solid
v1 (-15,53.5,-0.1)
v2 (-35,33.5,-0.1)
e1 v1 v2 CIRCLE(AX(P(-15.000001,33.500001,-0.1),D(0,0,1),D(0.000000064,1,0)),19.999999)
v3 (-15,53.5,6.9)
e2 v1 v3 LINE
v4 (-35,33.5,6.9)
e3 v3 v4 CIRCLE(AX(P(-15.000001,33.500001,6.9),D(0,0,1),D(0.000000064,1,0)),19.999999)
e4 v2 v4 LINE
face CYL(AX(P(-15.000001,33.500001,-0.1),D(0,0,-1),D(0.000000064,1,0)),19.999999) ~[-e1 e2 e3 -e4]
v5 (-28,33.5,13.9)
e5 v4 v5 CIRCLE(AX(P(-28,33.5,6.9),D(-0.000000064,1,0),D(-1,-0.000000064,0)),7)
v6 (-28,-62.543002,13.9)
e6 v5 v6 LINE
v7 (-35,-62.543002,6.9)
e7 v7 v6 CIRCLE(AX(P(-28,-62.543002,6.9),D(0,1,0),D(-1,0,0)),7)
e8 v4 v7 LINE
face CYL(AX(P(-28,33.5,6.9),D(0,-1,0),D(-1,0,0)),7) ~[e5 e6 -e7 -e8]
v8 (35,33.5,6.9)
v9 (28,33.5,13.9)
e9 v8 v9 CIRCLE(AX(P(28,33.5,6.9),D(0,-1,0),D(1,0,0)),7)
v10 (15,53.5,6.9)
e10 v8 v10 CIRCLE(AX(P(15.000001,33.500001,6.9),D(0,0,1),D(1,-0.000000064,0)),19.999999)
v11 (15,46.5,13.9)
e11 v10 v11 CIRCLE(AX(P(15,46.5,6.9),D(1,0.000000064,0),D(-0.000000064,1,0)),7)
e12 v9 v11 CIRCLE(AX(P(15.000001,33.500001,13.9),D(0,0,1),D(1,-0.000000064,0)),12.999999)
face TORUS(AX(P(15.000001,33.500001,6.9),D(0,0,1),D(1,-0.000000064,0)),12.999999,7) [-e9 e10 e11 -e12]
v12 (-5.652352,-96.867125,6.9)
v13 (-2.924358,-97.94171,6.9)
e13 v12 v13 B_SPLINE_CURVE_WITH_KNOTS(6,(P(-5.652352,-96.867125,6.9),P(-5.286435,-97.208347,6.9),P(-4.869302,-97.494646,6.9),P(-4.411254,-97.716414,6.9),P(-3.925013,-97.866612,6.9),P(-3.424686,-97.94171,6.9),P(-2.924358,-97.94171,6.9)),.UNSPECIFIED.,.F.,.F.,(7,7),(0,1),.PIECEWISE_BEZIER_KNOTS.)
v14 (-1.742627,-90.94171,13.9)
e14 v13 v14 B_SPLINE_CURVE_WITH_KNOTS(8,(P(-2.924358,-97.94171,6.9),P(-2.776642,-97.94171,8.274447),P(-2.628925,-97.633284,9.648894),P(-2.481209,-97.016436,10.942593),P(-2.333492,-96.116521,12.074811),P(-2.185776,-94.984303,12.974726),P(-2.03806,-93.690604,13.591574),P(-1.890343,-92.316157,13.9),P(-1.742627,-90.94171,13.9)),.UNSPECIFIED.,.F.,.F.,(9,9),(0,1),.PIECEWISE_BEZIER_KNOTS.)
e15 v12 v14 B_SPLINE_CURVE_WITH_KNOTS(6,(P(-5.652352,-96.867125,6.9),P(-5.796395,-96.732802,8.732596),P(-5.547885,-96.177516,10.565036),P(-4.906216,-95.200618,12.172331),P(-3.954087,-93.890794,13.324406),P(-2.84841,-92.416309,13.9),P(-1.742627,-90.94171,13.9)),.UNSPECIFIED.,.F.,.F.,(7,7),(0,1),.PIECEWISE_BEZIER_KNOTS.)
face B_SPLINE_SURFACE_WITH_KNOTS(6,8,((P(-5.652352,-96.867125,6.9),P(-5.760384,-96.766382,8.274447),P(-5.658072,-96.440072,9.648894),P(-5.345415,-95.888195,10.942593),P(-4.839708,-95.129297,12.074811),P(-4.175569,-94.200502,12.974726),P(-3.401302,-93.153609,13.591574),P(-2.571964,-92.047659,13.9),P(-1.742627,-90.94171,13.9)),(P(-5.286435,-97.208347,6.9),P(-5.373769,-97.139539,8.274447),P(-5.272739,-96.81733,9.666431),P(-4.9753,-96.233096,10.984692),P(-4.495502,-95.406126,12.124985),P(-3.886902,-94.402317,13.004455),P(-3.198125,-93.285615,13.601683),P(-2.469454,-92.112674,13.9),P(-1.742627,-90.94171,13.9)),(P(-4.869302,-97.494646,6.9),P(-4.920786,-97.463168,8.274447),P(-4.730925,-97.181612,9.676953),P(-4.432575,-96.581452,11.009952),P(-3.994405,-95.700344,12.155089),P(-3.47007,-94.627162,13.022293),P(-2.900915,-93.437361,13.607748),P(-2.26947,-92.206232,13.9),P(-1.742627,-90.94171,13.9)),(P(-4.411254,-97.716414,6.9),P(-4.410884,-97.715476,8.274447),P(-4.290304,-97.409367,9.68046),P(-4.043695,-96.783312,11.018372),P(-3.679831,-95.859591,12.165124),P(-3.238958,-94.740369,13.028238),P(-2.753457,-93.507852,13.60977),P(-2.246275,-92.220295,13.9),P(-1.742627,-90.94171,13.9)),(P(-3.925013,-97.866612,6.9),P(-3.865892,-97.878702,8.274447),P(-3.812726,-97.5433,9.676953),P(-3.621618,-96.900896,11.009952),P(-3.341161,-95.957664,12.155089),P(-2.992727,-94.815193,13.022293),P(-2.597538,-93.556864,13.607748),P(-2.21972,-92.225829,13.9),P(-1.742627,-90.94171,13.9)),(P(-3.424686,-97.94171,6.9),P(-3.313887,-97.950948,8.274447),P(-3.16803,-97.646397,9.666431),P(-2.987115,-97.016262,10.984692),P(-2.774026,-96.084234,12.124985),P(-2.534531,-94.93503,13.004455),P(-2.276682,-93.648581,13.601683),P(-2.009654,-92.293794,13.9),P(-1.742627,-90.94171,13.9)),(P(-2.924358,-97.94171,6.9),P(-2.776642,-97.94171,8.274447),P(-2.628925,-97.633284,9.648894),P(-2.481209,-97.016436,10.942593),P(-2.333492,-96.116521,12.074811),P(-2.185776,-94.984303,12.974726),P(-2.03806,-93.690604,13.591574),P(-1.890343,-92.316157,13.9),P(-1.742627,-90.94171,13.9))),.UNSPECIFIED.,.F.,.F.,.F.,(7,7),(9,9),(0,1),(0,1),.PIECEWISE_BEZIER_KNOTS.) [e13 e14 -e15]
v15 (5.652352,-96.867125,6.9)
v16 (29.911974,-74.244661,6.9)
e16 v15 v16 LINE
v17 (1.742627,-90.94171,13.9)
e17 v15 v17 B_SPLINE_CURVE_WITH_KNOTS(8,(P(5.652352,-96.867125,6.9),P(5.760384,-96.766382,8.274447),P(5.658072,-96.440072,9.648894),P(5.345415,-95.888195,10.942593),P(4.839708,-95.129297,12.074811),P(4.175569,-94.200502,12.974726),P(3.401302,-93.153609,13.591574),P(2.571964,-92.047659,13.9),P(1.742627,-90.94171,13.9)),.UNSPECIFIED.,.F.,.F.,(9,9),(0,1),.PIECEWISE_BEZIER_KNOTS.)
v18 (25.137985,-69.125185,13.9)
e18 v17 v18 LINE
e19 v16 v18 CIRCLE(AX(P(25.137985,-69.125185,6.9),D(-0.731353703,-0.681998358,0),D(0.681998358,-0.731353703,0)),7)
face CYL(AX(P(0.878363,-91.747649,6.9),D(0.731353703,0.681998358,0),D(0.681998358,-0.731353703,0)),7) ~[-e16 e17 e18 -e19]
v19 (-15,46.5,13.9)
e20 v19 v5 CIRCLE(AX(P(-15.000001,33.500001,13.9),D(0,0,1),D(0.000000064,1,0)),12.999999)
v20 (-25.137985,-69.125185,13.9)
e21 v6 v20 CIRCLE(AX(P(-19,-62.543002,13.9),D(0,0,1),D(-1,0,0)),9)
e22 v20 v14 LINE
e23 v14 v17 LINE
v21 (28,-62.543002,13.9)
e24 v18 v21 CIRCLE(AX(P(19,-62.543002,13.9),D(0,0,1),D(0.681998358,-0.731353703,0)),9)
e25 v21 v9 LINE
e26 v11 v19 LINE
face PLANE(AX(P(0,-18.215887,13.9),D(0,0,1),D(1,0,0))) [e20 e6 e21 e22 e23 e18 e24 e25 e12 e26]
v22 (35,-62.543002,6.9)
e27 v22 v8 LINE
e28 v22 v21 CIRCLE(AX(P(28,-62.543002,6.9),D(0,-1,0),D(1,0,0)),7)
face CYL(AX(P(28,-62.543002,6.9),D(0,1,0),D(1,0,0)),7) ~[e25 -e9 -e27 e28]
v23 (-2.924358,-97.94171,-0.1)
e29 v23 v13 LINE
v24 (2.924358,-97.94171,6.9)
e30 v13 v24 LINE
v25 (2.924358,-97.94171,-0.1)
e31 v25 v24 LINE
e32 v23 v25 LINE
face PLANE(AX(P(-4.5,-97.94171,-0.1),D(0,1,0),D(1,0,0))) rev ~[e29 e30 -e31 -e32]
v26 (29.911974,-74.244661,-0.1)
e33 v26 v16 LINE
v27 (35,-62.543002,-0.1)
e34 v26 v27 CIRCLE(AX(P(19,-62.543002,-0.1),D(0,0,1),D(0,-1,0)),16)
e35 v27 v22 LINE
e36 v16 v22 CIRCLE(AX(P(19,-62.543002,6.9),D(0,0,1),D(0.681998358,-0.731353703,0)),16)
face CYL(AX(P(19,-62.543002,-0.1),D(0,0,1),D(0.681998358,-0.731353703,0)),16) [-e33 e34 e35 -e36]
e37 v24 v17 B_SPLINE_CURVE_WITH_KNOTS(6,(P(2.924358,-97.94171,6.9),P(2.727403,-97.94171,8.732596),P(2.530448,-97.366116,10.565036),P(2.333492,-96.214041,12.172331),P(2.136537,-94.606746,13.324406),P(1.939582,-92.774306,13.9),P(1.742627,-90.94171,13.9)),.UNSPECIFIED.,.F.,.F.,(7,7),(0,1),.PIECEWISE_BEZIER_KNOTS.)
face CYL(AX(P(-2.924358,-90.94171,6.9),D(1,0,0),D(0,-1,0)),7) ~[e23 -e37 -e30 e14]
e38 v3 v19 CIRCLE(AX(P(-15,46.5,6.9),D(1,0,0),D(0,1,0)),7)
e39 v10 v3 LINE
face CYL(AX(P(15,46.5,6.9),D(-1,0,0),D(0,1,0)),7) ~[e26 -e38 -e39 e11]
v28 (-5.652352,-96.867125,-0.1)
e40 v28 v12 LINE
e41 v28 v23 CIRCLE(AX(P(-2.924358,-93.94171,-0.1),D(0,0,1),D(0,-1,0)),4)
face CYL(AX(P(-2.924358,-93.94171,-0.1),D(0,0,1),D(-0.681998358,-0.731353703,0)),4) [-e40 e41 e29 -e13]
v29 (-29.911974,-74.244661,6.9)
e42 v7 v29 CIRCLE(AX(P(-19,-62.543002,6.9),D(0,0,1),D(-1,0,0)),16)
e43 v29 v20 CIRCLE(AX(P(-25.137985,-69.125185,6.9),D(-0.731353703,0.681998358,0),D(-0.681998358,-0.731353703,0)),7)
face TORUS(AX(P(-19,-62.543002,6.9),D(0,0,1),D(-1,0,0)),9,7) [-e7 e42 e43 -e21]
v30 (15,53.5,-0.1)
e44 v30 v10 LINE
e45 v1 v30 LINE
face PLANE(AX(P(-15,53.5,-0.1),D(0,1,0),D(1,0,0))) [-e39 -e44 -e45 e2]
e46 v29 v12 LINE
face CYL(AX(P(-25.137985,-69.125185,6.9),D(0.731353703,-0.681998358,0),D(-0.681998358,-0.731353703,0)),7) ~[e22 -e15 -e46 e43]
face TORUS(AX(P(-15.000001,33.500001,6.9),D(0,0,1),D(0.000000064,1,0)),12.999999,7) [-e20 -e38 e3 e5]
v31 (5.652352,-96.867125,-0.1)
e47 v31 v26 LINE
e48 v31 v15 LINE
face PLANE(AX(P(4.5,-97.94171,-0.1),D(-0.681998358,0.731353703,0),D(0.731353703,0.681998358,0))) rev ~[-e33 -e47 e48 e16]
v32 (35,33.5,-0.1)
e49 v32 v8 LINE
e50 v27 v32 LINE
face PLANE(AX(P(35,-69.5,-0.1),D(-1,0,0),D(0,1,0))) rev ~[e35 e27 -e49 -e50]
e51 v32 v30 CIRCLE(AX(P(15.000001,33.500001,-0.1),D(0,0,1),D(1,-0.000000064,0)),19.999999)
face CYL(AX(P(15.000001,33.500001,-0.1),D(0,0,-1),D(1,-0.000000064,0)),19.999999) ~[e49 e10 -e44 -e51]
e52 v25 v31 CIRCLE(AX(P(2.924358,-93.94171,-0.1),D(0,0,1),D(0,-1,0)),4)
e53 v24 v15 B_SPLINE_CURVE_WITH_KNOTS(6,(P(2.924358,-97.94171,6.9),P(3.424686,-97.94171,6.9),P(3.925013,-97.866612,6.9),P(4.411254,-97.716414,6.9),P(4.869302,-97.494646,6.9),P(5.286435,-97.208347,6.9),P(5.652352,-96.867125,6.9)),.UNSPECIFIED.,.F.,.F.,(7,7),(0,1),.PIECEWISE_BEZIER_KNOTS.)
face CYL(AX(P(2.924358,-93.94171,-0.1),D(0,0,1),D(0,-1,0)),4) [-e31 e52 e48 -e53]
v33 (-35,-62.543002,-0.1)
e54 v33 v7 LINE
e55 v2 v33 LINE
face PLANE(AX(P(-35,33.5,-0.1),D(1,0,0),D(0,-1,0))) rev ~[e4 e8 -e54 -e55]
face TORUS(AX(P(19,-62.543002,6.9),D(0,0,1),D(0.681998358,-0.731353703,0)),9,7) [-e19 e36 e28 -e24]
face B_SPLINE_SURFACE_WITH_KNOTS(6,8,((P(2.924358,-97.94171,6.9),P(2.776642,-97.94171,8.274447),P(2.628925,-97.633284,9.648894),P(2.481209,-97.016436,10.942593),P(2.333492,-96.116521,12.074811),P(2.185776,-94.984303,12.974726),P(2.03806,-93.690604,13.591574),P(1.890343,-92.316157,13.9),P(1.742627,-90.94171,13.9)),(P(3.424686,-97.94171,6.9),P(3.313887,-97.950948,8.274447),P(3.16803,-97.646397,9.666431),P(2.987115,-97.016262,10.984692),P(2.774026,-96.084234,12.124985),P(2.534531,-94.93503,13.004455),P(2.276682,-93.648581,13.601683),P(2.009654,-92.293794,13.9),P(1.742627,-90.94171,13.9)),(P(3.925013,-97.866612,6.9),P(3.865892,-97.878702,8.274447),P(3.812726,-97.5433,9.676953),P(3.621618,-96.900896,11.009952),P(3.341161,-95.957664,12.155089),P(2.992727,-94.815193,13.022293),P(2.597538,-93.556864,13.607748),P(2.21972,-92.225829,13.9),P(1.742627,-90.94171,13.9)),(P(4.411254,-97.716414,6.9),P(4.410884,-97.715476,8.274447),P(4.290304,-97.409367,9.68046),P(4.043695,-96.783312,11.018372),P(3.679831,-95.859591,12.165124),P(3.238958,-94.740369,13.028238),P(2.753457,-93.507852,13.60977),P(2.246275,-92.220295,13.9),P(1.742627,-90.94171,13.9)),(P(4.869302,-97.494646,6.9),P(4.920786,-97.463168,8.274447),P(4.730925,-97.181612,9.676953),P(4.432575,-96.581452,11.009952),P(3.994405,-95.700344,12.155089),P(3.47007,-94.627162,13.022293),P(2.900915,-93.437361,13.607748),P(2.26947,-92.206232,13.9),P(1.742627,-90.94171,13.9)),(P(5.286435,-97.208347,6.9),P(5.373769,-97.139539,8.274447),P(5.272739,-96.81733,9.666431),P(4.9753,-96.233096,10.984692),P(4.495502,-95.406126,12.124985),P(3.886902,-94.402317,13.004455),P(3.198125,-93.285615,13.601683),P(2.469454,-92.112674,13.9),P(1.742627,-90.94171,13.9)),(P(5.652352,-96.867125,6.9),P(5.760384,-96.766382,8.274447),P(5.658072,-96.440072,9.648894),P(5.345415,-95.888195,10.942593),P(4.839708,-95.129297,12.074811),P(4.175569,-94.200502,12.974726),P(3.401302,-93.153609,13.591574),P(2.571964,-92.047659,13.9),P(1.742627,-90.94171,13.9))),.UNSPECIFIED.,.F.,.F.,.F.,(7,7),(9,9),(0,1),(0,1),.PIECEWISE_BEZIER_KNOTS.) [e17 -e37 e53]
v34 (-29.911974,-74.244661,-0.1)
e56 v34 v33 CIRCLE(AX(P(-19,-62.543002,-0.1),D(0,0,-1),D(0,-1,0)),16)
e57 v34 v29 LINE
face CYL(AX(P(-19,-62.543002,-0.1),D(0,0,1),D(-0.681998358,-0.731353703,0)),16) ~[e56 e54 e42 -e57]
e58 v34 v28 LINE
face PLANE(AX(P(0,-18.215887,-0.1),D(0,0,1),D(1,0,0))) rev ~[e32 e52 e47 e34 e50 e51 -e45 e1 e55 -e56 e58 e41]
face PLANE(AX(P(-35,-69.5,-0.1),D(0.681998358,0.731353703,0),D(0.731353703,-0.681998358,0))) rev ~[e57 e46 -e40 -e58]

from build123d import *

# Parameters (mm, degrees)
PAD_DEPTH   = 14
FILLET001_R = 4
FILLET002_R = 16
FILLET_R    = 7


with BuildPart() as part:
    # Sketch → Pad (new body)
    with BuildSketch(Plane.XY):
        with BuildLine():
            Line((-35, -53.5), (-35, -69.5))
            Line((-35, -69.5), (-4.5, -97.94171))
            Line((-4.5, -97.94171), (4.5, -97.94171))
            Line((4.5, -97.94171), (35, -69.5))
            Line((35, -69.5), (35, -53.5))
            Line((35, 33.5), (35, -53.5))
            ThreePointArc((35, 33.5), (29.142136, 47.642136), (15, 53.5))
            Line((-15, 53.5), (15, 53.5))
            ThreePointArc((-15, 53.5), (-29.142136, 47.642136), (-35, 33.5))
            Line((-35, 33.5), (-35, -53.5))
        make_face()
    extrude(amount=PAD_DEPTH)

    # Fillet001
    fillet001_edges = [part.edges().sort_by_distance(p)[0] for p in [
        (-4.5, -97.94171, 7),
        (4.5, -97.94171, 7),
    ]]
    fillet(fillet001_edges, radius=FILLET001_R)

    # Fillet002
    fillet002_edges = [part.edges().sort_by_distance(p)[0] for p in [
        (35, -69.5, 7),
        (-35, -69.5, 7),
    ]]
    fillet(fillet002_edges, radius=FILLET002_R)

    # Fillet
    fillet_edges = [part.edges().sort_by_distance(p)[0] for p in [
        (-17.782163, -85.555893, 14),
        (-33.672961, -68.922987, 14),
        (-4.390363, -97.66338, 14),
        (-35, -58.021501, 14),
        (0, -97.94171, 14),
        (-35, -10, 14),
        (4.390363, -97.66338, 14),
        (-29.142136, 47.642136, 14),
        (17.782163, -85.555893, 14),
        (0, 53.5, 14),
        (33.672961, -68.922987, 14),
        (29.142136, 47.642136, 14),
        (35, -58.021501, 14),
        (35, -10, 14),
    ]]
    fillet(fillet_edges, radius=FILLET_R)


with BuildPart() as part_1:
    # Body104 placement: moved
    add(part.part.moved(Location((0, 0, -0.1))))


solid = part_1.part
